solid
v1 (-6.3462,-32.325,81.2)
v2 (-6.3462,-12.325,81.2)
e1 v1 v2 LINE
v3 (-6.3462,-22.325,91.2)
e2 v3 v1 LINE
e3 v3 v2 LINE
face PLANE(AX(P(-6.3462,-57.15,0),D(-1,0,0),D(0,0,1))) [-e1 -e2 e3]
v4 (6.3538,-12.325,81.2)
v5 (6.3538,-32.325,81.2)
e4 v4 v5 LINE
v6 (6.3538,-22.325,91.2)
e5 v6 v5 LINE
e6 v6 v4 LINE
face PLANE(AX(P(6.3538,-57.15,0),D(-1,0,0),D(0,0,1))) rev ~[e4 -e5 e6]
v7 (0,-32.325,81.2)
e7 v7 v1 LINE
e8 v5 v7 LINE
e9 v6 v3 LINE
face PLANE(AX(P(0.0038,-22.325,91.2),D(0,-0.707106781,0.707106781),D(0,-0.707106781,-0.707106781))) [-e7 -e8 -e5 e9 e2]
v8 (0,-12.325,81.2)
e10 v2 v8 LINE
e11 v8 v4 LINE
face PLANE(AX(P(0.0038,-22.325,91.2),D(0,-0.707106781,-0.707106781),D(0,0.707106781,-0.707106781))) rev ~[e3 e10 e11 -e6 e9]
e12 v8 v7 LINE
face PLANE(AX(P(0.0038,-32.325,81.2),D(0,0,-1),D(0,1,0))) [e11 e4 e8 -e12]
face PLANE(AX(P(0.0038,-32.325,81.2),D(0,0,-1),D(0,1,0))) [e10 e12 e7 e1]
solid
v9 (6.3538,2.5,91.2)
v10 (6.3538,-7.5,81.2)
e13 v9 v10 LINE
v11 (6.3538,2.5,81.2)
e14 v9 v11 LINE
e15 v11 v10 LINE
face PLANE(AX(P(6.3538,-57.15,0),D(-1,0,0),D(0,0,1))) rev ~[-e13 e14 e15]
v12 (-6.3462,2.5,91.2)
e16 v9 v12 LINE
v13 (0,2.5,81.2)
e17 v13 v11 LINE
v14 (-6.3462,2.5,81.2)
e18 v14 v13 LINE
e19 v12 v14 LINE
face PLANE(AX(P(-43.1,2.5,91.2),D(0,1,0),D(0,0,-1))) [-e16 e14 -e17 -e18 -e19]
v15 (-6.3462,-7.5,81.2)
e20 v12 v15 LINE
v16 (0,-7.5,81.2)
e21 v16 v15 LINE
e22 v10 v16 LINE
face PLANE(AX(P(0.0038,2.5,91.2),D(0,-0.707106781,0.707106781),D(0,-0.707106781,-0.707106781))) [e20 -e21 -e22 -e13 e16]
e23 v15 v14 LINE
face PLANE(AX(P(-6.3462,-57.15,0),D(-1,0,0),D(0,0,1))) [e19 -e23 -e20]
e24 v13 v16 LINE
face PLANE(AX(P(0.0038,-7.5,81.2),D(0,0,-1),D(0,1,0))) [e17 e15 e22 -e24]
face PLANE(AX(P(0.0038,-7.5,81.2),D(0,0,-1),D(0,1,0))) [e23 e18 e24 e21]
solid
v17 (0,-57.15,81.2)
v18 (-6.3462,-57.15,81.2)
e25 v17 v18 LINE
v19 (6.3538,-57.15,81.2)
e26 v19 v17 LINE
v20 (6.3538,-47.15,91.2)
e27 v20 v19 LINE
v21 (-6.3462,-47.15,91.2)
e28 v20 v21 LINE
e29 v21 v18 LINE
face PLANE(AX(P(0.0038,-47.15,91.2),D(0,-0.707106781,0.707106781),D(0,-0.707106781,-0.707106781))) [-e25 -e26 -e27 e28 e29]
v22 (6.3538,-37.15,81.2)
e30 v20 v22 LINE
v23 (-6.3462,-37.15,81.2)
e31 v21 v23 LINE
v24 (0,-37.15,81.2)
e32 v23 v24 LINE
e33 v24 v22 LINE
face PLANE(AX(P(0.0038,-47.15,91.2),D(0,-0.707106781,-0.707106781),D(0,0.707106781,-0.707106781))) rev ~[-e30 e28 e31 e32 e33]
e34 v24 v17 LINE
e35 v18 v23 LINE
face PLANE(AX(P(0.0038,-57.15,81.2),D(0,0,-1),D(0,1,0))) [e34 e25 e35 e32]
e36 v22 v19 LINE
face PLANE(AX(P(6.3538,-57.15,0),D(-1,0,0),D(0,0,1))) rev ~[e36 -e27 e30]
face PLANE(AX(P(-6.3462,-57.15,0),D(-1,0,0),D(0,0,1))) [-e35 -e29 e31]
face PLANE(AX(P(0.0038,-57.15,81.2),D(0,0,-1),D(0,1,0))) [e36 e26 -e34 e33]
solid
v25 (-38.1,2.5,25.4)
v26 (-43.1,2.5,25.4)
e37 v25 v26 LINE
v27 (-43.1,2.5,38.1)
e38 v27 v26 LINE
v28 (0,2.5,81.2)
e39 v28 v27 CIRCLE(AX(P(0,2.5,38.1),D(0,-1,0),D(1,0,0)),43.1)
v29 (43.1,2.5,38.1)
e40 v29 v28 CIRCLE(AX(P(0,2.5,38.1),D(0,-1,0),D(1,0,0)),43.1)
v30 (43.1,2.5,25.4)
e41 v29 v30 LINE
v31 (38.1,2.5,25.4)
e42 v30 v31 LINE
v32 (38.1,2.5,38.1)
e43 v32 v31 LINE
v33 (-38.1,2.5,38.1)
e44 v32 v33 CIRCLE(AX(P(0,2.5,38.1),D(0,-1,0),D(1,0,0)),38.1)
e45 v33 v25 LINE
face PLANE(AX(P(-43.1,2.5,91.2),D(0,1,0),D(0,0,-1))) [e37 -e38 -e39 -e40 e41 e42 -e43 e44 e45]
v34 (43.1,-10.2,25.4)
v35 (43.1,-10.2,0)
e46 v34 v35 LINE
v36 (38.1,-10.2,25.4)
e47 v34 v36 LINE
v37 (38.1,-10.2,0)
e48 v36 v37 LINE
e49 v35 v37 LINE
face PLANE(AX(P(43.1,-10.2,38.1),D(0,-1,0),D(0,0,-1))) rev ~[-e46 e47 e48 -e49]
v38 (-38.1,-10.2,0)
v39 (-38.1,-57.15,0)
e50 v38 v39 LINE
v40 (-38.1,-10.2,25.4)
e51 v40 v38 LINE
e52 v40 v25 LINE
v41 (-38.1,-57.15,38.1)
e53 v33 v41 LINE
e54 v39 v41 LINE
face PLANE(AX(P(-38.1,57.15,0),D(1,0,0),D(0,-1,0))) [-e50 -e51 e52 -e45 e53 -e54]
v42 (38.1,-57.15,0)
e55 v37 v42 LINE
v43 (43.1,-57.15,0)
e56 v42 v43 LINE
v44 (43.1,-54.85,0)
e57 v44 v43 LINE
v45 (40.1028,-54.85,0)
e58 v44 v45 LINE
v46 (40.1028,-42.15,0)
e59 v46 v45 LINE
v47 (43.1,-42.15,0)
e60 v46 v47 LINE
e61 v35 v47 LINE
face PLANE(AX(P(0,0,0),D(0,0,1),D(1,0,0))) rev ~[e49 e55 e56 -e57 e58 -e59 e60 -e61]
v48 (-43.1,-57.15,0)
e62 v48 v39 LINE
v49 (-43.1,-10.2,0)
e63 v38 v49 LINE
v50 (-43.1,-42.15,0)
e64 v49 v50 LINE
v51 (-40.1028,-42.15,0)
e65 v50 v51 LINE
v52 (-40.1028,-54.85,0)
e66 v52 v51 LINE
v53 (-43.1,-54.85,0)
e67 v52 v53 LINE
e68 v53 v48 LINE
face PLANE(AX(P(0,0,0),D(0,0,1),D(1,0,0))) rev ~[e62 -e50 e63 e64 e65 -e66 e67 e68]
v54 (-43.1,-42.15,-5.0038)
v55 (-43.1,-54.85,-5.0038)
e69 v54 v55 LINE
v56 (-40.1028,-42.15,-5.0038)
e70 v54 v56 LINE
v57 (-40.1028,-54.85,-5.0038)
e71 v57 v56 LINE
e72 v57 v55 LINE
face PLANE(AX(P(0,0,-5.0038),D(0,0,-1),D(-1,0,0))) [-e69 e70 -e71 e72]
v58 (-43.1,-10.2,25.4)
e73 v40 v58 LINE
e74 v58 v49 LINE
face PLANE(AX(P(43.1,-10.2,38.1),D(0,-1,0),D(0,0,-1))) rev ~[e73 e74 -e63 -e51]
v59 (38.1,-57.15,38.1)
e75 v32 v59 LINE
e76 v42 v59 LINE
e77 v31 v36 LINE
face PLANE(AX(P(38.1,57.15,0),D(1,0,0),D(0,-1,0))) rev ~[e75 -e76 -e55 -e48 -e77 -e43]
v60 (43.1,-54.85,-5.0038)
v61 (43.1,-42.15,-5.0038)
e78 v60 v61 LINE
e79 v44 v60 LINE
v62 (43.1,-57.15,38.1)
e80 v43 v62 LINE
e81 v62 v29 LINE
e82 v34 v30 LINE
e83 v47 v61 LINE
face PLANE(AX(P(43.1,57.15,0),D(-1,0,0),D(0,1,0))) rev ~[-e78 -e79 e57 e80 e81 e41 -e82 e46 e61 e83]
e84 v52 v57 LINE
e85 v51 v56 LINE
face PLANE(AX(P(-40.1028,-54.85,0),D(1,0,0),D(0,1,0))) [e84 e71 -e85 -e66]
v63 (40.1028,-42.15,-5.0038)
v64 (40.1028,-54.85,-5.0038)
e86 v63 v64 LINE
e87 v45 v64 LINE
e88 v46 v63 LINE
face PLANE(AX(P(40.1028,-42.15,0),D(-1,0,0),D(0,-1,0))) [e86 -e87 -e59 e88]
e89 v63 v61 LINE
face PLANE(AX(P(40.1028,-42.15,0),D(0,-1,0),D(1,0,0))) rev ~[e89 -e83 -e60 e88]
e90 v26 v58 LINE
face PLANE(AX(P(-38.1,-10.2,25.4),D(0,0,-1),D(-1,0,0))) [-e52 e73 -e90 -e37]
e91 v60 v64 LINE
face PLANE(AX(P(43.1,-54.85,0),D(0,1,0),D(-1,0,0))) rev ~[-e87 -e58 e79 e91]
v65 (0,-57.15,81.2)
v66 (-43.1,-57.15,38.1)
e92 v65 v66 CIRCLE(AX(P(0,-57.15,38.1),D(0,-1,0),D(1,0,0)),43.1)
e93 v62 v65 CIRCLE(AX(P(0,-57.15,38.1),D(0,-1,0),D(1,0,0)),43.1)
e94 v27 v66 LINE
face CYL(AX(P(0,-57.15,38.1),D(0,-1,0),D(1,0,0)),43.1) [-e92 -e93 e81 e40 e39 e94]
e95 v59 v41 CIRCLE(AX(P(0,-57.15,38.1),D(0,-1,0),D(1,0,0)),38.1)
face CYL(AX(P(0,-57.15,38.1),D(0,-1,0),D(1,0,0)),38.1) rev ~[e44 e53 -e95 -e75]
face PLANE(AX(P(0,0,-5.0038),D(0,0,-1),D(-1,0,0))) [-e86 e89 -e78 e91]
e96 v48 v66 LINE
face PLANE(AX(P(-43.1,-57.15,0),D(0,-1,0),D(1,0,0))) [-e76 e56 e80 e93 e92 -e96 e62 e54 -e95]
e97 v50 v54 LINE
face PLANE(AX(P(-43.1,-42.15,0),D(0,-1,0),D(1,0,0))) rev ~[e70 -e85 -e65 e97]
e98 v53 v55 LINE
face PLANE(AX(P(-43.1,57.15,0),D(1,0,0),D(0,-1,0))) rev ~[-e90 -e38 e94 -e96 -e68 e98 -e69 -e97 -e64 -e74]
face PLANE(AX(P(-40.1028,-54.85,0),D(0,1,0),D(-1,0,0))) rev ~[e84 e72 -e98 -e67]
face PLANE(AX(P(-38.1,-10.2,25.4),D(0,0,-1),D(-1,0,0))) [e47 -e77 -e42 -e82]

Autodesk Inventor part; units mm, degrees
ref_plane "YZ Plane" through (0, 0, 0) normal (1, 0, 0) x (0, 1, 0)
ref_plane "XZ Plane" through (0, 0, 0) normal (0, 1, 0) x (-1, 0, 0)
sketch "Sketch1" plane through (0, 0, 0) normal (0, 0, 1) x (1, 0, 0)
  arc A0 (-38.1, -57.15) -> (38.1, -57.15) centre (0, -57.15) ccw projected
  line L0 (38.1, -57.15) -> (43.1, -57.15) projected
  line L1 (43.1, -57.15) -> (43.1, 62.15) projected
  line L2 (43.1, 62.15) -> (-43.1, 62.15) projected
  line L3 (-43.1, 62.15) -> (-43.1, -57.15) projected
  line L4 (-43.1, -57.15) -> (-38.1, -57.15) projected
  line L5 (14, 57.15) -> (-14, 57.15) projected
  line L6 (14, 57.15) -> (14, 54.15) projected
  line L7 (14, 54.15) -> (-10.002, 54.15) projected
  line L8 (-10.002, 54.15) -> (-10.002, 53.078) projected
  line L9 (-10.002, 53.078) -> (-14, 53.078) projected
  line L10 (-14, 53.078) -> (-14, 57.15) projected
  line L11 (10.16, -7.55) -> (-10.16, -7.55) projected
  line L12 (-10.16, -7.55) -> (-10.16, 9.15) projected
  line L13 (-10.16, 9.15) -> (10.16, 9.15) projected
  line L14 (10.16, 9.15) -> (10.16, -7.55) projected
  circle A1 centre (0, -77.15) radius 5 projected
  line L15 (-19.058, -20.782) -> (-19.058, -16.21) projected
  line L16 (-19.058, -16.21) -> (-17.058, -16.21) projected
  line L17 (-17.058, -16.21) -> (-17.058, -22.782) projected
  line L18 (-17.058, -22.782) -> (-24.598, -22.782) projected
  line L19 (-24.598, -22.782) -> (-24.598, -16.21) projected
  line L20 (-24.598, -16.21) -> (-22.598, -16.21) projected
  line L21 (-22.598, -16.21) -> (-22.598, -20.782) projected
  line L22 (-22.598, -20.782) -> (-19.058, -20.782) projected
  line L23 (-19.058, 7.65) -> (-19.058, 12.222) projected
  line L24 (-19.058, 12.222) -> (-22.598, 12.222) projected
  line L25 (-22.598, 12.222) -> (-22.598, 7.65) projected
  line L26 (-22.598, 7.65) -> (-24.598, 7.65) projected
  line L27 (-24.598, 7.65) -> (-24.598, 14.222) projected
  line L28 (-24.598, 14.222) -> (-17.058, 14.222) projected
  line L29 (-17.058, 14.222) -> (-17.058, 7.65) projected
  line L30 (-17.058, 7.65) -> (-19.058, 7.65) projected
  line L31 (-6.662, 29.218) -> (-6.662, 22.4) projected
  line L32 (-6.662, 22.4) -> (7.275, 22.4) projected
  line L33 (7.275, 22.4) -> (7.275, 19.4) projected
  line L34 (7.275, 19.4) -> (-14.202, 19.4) projected
  line L35 (-14.202, 19.4) -> (-14.202, 29.218) projected
  line L36 (-14.202, 29.218) -> (-12.202, 29.218) projected
  line L37 (-12.202, 29.218) -> (-12.202, 29.221) projected
  line L38 (-12.202, 29.221) -> (-8.662, 29.221) projected
  line L39 (-8.662, 29.221) -> (-8.662, 29.218) projected
  line L40 (-8.662, 29.218) -> (-6.662, 29.218) projected
  line L41 (38.1, -57.15) -> (43.1, -57.15)
  line L42 (43.1, -57.15) -> (43.1, 62.15)
  line L43 (43.1, 62.15) -> (38.1, 62.15)
  line L44 (38.1, 62.15) -> (38.1, -57.15)
  line L45 (-38.1, -57.15) -> (-43.1, -57.15)
  line L46 (-43.1, -57.15) -> (-43.1, 62.15)
  line L47 (-43.1, 62.15) -> (-38.1, 62.15)
  line L48 (-38.1, 62.15) -> (-38.1, -57.15)
  line L49 (-43.1, 62.15) -> (-43.1, 57.15)
  line L50 (-43.1, 57.15) -> (43.1, 57.15)
  line L51 (43.1, 57.15) -> (-43.1, 57.15)
  line L52 (-43.1, 57.15) -> (-43.1, 62.15)
  line L53 (-43.1, 62.15) -> (43.1, 62.15)
  line L54 (43.1, 62.15) -> (43.1, 57.15)
  point P0 (0, 0)
  dimension "d0" = 5
extrude "Extrusion1" add sketch "Sketch1" along normal blind 38.1 contours L4 L3 L50 L48 | L44 L50 L1 L0 | L50 L3 L2 L48 | L48 L2 L44 L50 L5 | L44 L2 L1 L50
sketch "Sketch2" plane through (-43.1, -57.15, 0) normal (0, -1, 0) x (1, 0, 0)
  line L0 (5, 38.1) -> (81.2, 38.1) projected
  arc A0 (81.2, 38.1) -> (5, 38.1) centre (43.1, 38.1) ccw
  line L1 (0, 38.1) -> (5, 38.1) projected
  arc A1 (86.2, 38.1) -> (0, 38.1) centre (43.1, 38.1) ccw
  line L2 (0, 38.1) -> (5, 38.1)
  line L3 (81.2, 38.1) -> (86.2, 38.1) projected
  line L4 (81.2, 38.1) -> (86.2, 38.1)
  point P0 (43.1, 0)
extrude "Extrusion2" add sketch "Sketch2" against normal blind 119.3 contours L1 A1 L3 A0
sketch "Sketch3" plane through (-43.1, 62.15, 0) normal (0, 1, 0) x (1, 0, 0)
  arc A0 (5, -38.1) -> (81.2, -38.1) centre (43.1, -38.1) ccw projected
  line L0 (81.2, -38.1) -> (5, -38.1) projected
  point P0 (43.1, 0)
extrude "Extrusion3" add sketch "Sketch3" against normal blind 5
sketch "Sketch4" plane through (-43.1, 62.15, 0) normal (0, 1, 0) x (1, 0, 0)
  circle A0 centre (43.1, -23.375) radius 3.275 projected
  circle A1 centre (66.45, -4.725) radius 3.275 projected
  point P0 (43.1, 0)
extrude "Extrusion4" cut sketch "Sketch4" against normal blind 5 contours A1
ref_plane "Work Plane1" through (0.0038, -57.15, 0) normal (-1, 0, 0) x (0, 0, 1)
sketch "Sketch5" plane through (0.0038, -57.15, 0) normal (-1, 0, 0) x (0, 0, 1)
  point P0 (0, 57.15)
sketch "Sketch6" plane through (0.0038, -57.15, 0) normal (-1, 0, 0) x (0, 0, 1)
  line L0 (81.2, 0) -> (81.2, 119.3) projected
  line L1 (81.2, 119.3) -> (81.2, 99.3)
  line L2 (81.2, 109.3) -> (91.2, 109.3)
  line L3 (91.2, 109.3) -> (81.2, 119.3)
  line L4 (91.2, 109.3) -> (81.2, 99.3)
  line L5 (91.2, 84.475) -> (81.2, 74.475)
  line L6 (81.2, 84.475) -> (91.2, 84.475)
  line L7 (81.2, 94.475) -> (81.2, 74.475)
  line L8 (91.2, 84.475) -> (81.2, 94.475)
  line L9 (91.2, 59.65) -> (81.2, 49.65)
  line L10 (81.2, 59.65) -> (91.2, 59.65)
  line L11 (81.2, 69.65) -> (81.2, 49.65)
  line L12 (91.2, 59.65) -> (81.2, 69.65)
  line L13 (91.2, 34.825) -> (81.2, 24.825)
  line L14 (81.2, 34.825) -> (91.2, 34.825)
  line L15 (81.2, 44.825) -> (81.2, 24.825)
  line L16 (91.2, 34.825) -> (81.2, 44.825)
  line L17 (91.2, 10) -> (81.2, 0)
  line L18 (81.2, 10) -> (91.2, 10)
  line L19 (81.2, 20) -> (81.2, 0)
  line L20 (91.2, 10) -> (81.2, 20)
  point P0 (0, 57.15)
  dimension "d10" = 20
  dimension "d11" = 10
  dimension "d14" = 24.825
extrude "Extrusion5" add sketch "Sketch6" along normal mid plane 12.7
sketch "Sketch8" plane through (0, 0, 0) normal (0, 0, -1) x (-1, 0, 0)
  line L0 (40.1, 24.05) -> (40.1, 36.75) projected
  line L1 (-40.1, 36.75) -> (-40.1, 24.05) projected
  line L2 (-40.1, -19.05) -> (-40.1, -31.75) projected
  line L3 (43.1, 62.15) -> (43.1, -57.15) projected
  line L4 (40.1, 36.75) -> (43.1, 36.75)
  line L5 (43.1, 36.75) -> (43.1, 24.05)
  line L6 (43.1, 24.05) -> (40.1, 24.05)
  line L7 (40.1, 24.05) -> (40.1, 36.75)
  line L8 (40.1, -31.75) -> (40.1, -19.05)
  line L9 (-43.1, -57.15) -> (-43.1, 62.15) projected
  line L10 (-40.1, 24.05) -> (-43.1, 24.05)
  line L11 (-43.1, 24.05) -> (-43.1, 36.75)
  line L12 (-43.1, 36.75) -> (-40.1, 36.75)
  line L13 (-40.1, 36.75) -> (-40.1, 24.05)
  line L14 (40.1028, -54.85) -> (40.1028, -42.15) projected
  line L15 (-40.1028, -42.15) -> (-40.1028, -54.85) projected
  line L16 (-43.1, -54.85) -> (-40.1028, -54.85)
  line L17 (-40.1028, -54.85) -> (-40.1028, -42.15)
  line L18 (-40.1028, -42.15) -> (-43.1, -42.15)
  line L19 (-43.1, -42.15) -> (-43.1, -54.85)
  line L20 (43.1, 62.15) -> (43.1, -57.15) projected
  line L21 (40.1028, -54.85) -> (43.1, -54.85)
  line L22 (43.1, -54.85) -> (43.1, -42.15)
  line L23 (43.1, -42.15) -> (40.1028, -42.15)
  line L24 (40.1028, -42.15) -> (40.1028, -54.85)
  point P0 (0, 0)
  point P1 (43.1, -31.75)
  point P2 (-43.1, -31.75)
extrude "Extrusion6" add sketch "Sketch8" along normal blind 5.0038
sketch "Sketch9" plane through (0, 0, 0) normal (0, 0, -1) x (-1, 0, 0)
  line L0 (4.278, 59.65) -> (-6.35, 59.65) projected
  line L1 (38.1, 57.15) -> (-38.1, 57.15) projected
  line L2 (4.278, 59.65) -> (-6.35, 59.65)
  line L3 (-6.35, 59.65) -> (-6.35, 57.15)
  line L4 (-6.35, 57.15) -> (4.278, 57.15)
  line L5 (4.278, 57.15) -> (4.278, 59.65)
  point P0 (0, 0)
extrude "Extrusion7" cut sketch "Sketch9" against normal blind 50.8
sketch "Sketch10" plane through (0, 0, 0) normal (0, 0, -1) x (-1, 0, 0)
  line L0 (-6.35, 57.15) -> (-38.1, 57.15) projected
  line L1 (-10.762, 59.65) -> (-10.762, 22.646) projected
  line L2 (-10.762, 57.15) -> (-6.35, 57.15)
  line L3 (-6.35, 57.15) -> (-6.35, 59.65)
  line L4 (-6.35, 59.65) -> (-10.762, 59.65)
  line L5 (-10.762, 59.65) -> (-10.762, 57.15)
  point P0 (0, 0)
extrude "Extrusion8" cut sketch "Sketch10" against normal blind 50.8
sketch "Sketch11" plane through (-43.1, -57.15, 38.1) normal (-1, 0, 0) x (0, 0, 1)
  line L0 (53.1, 59.65) -> (43.1, 49.65) projected
  line L1 (53.1, 59.65) -> (-73.8859, 59.65)
  line L2 (53.1, 59.65) -> (106.3175, 223.2278)
  line L3 (106.3175, 223.2278) -> (-94.7472, 207.4972)
  line L4 (-94.7472, 207.4972) -> (-73.8859, 59.65)
  point P0 (-38.1, 57.15)
extrude "Extrusion9" cut sketch "Sketch11" against normal blind 406.4
sketch "Sketch12" plane through (43.1, -57.15, 38.1) normal (1, 0, 0) x (0, 0, -1)
  line L0 (38.1, 15) -> (38.1, 59.65) projected
  line L1 (0, 59.65) -> (0, 0) projected
  line L2 (38.1, 59.65) -> (0, 59.65)
  line L3 (0, 59.65) -> (0, 46.95)
  line L4 (0, 46.95) -> (38.1, 46.95)
  line L5 (38.1, 46.95) -> (38.1, 59.65)
  point P0 (38.1, 57.15)
  dimension "d29" = 12.7
extrude "Extrusion10" cut sketch "Sketch12" against normal blind 167005
sketch "Sketch13" plane through (-38.1, -10.2, 38.1) normal (0, 0, -1) x (-1, 0, 0)
  line L0 (0, 0) -> (0, 12.7) projected
  line L1 (0, 0) -> (5, 0) projected
  line L2 (5, 12.7) -> (5, 0) projected
  line L3 (0, 12.7) -> (5, 12.7) projected
  line L4 (-76.2, 12.7) -> (-76.2, 0) projected
  line L5 (-81.2, 12.7) -> (-76.2, 12.7) projected
  line L6 (-81.2, 0) -> (-81.2, 12.7) projected
  line L7 (-81.2, 0) -> (-76.2, 0) projected
  point P0 (-38.1, 10.2)
extrude "Extrusion11" add sketch "Sketch13" along normal blind 12.7
properties part number "Skin3"
